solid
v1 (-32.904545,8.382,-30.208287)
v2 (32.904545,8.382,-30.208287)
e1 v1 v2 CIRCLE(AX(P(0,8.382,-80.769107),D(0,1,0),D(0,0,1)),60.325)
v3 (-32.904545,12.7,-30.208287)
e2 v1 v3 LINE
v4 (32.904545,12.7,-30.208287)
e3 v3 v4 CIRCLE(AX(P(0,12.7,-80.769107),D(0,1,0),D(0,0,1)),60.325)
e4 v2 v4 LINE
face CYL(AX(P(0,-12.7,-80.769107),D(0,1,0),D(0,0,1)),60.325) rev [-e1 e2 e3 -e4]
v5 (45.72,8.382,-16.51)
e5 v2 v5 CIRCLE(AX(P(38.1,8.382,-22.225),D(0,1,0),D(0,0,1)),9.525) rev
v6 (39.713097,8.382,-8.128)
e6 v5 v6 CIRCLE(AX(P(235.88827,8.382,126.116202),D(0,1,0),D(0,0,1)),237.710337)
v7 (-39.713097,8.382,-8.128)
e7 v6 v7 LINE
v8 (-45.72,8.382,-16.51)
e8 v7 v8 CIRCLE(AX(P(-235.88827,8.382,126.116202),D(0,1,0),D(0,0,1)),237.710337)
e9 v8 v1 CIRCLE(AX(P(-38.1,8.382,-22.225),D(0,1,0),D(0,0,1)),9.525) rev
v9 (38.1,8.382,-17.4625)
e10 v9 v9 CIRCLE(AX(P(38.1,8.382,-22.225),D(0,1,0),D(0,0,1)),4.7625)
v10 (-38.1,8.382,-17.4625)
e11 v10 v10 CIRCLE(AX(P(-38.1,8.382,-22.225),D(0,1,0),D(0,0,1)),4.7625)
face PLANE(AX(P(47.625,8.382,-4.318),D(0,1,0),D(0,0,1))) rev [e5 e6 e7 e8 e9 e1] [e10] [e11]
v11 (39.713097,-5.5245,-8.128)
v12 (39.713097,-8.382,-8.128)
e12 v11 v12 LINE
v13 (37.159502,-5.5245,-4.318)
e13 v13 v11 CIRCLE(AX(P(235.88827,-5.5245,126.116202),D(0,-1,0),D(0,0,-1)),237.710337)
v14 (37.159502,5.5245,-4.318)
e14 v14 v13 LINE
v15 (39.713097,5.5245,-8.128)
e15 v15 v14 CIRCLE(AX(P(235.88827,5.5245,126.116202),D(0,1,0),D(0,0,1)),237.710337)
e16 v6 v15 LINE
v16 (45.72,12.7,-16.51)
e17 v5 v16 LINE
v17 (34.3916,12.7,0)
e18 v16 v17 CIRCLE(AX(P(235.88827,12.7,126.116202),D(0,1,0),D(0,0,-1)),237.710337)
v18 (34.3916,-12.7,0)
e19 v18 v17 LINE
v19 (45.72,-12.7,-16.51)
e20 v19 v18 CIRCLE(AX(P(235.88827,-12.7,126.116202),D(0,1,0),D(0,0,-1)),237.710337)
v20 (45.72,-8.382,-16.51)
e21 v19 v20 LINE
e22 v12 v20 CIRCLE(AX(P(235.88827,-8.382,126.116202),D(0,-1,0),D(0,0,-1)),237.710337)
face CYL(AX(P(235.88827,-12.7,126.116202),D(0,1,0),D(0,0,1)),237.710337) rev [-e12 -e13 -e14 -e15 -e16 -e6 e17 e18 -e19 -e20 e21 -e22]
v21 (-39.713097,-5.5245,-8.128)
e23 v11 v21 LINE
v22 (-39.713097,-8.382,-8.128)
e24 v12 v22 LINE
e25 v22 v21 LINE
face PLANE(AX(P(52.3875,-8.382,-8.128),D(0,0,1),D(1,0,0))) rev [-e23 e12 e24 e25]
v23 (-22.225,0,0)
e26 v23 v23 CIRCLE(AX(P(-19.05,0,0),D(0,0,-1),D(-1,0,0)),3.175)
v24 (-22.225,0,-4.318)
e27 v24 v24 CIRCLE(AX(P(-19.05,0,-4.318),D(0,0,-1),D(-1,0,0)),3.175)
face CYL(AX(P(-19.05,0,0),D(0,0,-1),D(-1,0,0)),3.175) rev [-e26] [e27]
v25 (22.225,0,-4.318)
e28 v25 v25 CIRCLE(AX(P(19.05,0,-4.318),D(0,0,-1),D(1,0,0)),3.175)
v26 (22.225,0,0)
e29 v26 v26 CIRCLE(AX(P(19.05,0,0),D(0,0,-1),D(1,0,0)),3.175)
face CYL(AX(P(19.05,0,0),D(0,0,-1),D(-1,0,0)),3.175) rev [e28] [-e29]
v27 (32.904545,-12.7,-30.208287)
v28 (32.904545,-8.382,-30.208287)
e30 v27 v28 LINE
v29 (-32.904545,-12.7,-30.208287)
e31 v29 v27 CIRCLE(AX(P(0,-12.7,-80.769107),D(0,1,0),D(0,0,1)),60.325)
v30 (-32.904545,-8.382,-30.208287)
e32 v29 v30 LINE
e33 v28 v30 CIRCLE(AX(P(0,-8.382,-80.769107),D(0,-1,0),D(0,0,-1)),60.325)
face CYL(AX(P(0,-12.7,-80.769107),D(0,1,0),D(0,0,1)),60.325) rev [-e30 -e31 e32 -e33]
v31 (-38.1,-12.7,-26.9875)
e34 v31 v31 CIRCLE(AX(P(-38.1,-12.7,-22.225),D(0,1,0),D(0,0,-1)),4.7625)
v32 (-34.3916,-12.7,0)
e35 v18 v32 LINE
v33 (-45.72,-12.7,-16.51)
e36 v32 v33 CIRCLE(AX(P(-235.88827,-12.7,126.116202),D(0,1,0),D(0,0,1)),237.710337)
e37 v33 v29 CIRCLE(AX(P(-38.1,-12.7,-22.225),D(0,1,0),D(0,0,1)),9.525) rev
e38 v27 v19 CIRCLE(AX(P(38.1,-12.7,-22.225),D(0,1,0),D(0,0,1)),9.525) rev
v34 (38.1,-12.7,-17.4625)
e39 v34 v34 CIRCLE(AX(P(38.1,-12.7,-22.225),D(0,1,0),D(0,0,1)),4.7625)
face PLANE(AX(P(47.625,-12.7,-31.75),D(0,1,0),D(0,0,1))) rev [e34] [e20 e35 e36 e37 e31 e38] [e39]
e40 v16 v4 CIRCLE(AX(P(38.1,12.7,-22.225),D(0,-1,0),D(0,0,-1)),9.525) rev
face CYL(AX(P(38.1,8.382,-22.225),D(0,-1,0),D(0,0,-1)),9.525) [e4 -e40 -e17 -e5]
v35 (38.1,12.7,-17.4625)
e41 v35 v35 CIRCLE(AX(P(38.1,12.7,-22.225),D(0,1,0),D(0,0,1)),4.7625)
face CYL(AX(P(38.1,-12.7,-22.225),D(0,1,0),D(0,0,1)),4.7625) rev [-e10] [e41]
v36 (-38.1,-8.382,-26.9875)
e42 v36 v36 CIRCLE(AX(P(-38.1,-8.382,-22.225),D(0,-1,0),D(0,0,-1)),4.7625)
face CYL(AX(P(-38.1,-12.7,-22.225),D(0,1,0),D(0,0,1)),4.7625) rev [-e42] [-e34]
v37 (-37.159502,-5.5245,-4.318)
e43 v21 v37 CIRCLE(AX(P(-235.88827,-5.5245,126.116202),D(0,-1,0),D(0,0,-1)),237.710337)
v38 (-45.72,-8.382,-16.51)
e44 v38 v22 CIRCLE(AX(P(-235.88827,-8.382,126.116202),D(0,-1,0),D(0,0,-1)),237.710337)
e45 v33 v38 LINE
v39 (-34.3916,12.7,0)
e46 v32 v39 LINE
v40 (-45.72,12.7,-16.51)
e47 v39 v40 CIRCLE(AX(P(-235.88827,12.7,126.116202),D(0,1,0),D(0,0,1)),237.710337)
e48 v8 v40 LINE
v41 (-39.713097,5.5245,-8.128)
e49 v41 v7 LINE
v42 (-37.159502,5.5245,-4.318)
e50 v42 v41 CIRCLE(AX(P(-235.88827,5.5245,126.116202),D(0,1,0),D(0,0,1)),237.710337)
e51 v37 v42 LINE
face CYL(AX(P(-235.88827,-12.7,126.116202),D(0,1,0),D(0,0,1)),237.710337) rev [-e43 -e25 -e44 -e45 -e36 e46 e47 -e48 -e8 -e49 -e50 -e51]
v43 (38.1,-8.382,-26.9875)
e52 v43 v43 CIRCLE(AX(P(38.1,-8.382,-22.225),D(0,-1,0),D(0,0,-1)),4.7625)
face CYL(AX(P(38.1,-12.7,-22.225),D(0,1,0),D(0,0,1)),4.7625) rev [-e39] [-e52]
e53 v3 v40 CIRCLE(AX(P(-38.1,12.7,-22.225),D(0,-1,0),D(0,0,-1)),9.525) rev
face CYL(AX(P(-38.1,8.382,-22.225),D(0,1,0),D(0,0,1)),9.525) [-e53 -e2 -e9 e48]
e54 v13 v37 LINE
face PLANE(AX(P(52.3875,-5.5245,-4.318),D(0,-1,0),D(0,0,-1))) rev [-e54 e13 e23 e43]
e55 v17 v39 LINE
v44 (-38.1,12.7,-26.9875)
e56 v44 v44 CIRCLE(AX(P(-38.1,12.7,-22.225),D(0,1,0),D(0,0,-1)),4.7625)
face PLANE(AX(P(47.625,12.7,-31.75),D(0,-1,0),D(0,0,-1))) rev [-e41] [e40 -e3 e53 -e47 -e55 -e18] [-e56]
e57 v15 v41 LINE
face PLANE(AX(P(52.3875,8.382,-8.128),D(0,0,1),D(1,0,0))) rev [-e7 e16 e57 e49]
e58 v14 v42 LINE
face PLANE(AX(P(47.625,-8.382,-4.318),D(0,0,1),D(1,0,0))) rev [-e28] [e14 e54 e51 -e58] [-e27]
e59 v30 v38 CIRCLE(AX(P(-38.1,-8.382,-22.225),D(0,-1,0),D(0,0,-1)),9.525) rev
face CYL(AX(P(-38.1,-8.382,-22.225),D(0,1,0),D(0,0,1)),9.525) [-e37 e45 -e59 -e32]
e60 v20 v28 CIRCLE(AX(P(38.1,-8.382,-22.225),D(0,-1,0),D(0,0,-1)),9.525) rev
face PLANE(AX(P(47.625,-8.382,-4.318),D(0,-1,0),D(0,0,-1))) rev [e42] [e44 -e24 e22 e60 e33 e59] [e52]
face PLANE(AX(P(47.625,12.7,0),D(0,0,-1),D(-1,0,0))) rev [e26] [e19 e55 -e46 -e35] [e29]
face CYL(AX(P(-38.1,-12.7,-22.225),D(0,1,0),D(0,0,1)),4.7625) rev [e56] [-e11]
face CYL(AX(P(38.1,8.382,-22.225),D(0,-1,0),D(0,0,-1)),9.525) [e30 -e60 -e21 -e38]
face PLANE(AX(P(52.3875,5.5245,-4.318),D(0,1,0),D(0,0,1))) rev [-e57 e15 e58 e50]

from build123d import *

# Parameters (mm, degrees)
EXTRUDE1_DEPTH            = 47.625
SKETCH4_R                 = 4.7625
SPHERICALHOLES_DEPTH      = 13.7
SPHERICALHOLES_DEPTH_BACK = 13.7
FILLET1_R                 = 9.525
SKETCH5_R                 = 3.175
EXTRUDE2_DEPTH            = 5.318
EXTRUDE3_START            = -47.625
SKETCH6_W                 = 3.81
SKETCH6_H                 = 2.8575
EXTRUDE3_DEPTH            = 95.25
CUT_EXTRUDE1_DEPTH        = 26.4
CUT_EXTRUDE3_DEPTH        = 26.4


with BuildPart() as part:
    # Sketch2 → Extrude1 (new body, symmetric)
    with BuildSketch(Plane(origin=(0, 0, 0), x_dir=(0, 0, -1), z_dir=(1, 0, 0))):
        Polygon((4.318, -8.382), (4.318, 8.382), (31.75, 8.382), (31.75, 12.7), (0, 12.7), (0, -12.7), (31.75, -12.7), (31.75, -8.382), align=None)
    extrude(amount=EXTRUDE1_DEPTH, both=True)

    # Sketch4 → SphericalHoles (cut, two sides)
    with BuildSketch(Plane(origin=(0, 0, 0), x_dir=(1, 0, 0), z_dir=(0, 1, 0))) as sphericalholes_sk:
        with Locations((38.1, 22.225)):
            Circle(SKETCH4_R)
        with Locations((-38.1, 22.225)):
            Circle(SKETCH4_R)
    extrude(amount=SPHERICALHOLES_DEPTH, mode=Mode.SUBTRACT)
    extrude(sphericalholes_sk.sketch, amount=-SPHERICALHOLES_DEPTH_BACK, mode=Mode.SUBTRACT)

    # Fillet1
    fillet1_edges = [part.edges().sort_by_distance(p)[0] for p in [
        (-47.625, 10.541, -31.75),
        (47.625, -10.541, -31.75),
        (47.625, 10.541, -31.75),
        (-47.625, -10.541, -31.75),
    ]]
    fillet(fillet1_edges, radius=FILLET1_R)

    # Sketch5 → Extrude2 (cut, through all)
    with BuildSketch(Plane(origin=(0, 0, -4.318), x_dir=(-1, 0, 0), z_dir=(0, 0, -1))):
        with Locations((19.05, 0)):
            Circle(SKETCH5_R)
        with Locations((-19.05, 0)):
            Circle(SKETCH5_R)
    extrude(amount=-EXTRUDE2_DEPTH, mode=Mode.SUBTRACT)

    # Sketch6 → Extrude3 (add)
    with BuildSketch(Plane(origin=(0, 0, 0), x_dir=(0, 0, -1), z_dir=(1, 0, 0)).offset(EXTRUDE3_START)):
        with Locations((6.223, -6.95325)):
            Rectangle(SKETCH6_W, SKETCH6_H)
        with Locations((6.223, 6.95325)):
            Rectangle(SKETCH6_W, SKETCH6_H)
    extrude(amount=EXTRUDE3_DEPTH)

    # Sketch12 → Cut-Extrude1 (cut, through all)
    with BuildSketch(Plane(origin=(0, 12.7, 0), x_dir=(1, 0, 0), z_dir=(0, 1, 0))):
        with BuildLine():
            Line((-34.3916, 0), (-47.625, 0))
            Line((-47.625, 0), (-47.625, 22.225))
            ThreePointArc((-47.625, 22.225), (-47.136208414, 19.212930529), (-45.72, 16.51))
            ThreePointArc((-45.72, 16.51), (-39.881889157, 8.374329594), (-34.3916, 0))
        make_face()
        with BuildLine():
            Line((47.625, 22.225), (47.625, 0))
            Line((47.625, 0), (34.3916, 0))
            ThreePointArc((34.3916, 0), (39.881889157, 8.374329594), (45.72, 16.51))
            ThreePointArc((45.72, 16.51), (47.136208414, 19.212930529), (47.625, 22.225))
        make_face()
    extrude(amount=-CUT_EXTRUDE1_DEPTH, mode=Mode.SUBTRACT)

    # Sketch13 → Cut-Extrude3 (cut, through all)
    with BuildSketch(Plane(origin=(0, 12.7, 0), x_dir=(1, 0, 0), z_dir=(0, 1, 0))):
        with BuildLine():
            Line((38.1, 31.75), (-38.1, 31.75))
            ThreePointArc((-38.1, 31.75), (-35.390312481, 31.356441209), (-32.904545455, 30.20828736))
            ThreePointArc((-32.904545455, 30.20828736), (0, 20.444107304), (32.904545455, 30.20828736))
            ThreePointArc((32.904545455, 30.20828736), (35.390312481, 31.356441209), (38.1, 31.75))
        make_face()
    extrude(amount=-CUT_EXTRUDE3_DEPTH, mode=Mode.SUBTRACT)


solid = part.part
